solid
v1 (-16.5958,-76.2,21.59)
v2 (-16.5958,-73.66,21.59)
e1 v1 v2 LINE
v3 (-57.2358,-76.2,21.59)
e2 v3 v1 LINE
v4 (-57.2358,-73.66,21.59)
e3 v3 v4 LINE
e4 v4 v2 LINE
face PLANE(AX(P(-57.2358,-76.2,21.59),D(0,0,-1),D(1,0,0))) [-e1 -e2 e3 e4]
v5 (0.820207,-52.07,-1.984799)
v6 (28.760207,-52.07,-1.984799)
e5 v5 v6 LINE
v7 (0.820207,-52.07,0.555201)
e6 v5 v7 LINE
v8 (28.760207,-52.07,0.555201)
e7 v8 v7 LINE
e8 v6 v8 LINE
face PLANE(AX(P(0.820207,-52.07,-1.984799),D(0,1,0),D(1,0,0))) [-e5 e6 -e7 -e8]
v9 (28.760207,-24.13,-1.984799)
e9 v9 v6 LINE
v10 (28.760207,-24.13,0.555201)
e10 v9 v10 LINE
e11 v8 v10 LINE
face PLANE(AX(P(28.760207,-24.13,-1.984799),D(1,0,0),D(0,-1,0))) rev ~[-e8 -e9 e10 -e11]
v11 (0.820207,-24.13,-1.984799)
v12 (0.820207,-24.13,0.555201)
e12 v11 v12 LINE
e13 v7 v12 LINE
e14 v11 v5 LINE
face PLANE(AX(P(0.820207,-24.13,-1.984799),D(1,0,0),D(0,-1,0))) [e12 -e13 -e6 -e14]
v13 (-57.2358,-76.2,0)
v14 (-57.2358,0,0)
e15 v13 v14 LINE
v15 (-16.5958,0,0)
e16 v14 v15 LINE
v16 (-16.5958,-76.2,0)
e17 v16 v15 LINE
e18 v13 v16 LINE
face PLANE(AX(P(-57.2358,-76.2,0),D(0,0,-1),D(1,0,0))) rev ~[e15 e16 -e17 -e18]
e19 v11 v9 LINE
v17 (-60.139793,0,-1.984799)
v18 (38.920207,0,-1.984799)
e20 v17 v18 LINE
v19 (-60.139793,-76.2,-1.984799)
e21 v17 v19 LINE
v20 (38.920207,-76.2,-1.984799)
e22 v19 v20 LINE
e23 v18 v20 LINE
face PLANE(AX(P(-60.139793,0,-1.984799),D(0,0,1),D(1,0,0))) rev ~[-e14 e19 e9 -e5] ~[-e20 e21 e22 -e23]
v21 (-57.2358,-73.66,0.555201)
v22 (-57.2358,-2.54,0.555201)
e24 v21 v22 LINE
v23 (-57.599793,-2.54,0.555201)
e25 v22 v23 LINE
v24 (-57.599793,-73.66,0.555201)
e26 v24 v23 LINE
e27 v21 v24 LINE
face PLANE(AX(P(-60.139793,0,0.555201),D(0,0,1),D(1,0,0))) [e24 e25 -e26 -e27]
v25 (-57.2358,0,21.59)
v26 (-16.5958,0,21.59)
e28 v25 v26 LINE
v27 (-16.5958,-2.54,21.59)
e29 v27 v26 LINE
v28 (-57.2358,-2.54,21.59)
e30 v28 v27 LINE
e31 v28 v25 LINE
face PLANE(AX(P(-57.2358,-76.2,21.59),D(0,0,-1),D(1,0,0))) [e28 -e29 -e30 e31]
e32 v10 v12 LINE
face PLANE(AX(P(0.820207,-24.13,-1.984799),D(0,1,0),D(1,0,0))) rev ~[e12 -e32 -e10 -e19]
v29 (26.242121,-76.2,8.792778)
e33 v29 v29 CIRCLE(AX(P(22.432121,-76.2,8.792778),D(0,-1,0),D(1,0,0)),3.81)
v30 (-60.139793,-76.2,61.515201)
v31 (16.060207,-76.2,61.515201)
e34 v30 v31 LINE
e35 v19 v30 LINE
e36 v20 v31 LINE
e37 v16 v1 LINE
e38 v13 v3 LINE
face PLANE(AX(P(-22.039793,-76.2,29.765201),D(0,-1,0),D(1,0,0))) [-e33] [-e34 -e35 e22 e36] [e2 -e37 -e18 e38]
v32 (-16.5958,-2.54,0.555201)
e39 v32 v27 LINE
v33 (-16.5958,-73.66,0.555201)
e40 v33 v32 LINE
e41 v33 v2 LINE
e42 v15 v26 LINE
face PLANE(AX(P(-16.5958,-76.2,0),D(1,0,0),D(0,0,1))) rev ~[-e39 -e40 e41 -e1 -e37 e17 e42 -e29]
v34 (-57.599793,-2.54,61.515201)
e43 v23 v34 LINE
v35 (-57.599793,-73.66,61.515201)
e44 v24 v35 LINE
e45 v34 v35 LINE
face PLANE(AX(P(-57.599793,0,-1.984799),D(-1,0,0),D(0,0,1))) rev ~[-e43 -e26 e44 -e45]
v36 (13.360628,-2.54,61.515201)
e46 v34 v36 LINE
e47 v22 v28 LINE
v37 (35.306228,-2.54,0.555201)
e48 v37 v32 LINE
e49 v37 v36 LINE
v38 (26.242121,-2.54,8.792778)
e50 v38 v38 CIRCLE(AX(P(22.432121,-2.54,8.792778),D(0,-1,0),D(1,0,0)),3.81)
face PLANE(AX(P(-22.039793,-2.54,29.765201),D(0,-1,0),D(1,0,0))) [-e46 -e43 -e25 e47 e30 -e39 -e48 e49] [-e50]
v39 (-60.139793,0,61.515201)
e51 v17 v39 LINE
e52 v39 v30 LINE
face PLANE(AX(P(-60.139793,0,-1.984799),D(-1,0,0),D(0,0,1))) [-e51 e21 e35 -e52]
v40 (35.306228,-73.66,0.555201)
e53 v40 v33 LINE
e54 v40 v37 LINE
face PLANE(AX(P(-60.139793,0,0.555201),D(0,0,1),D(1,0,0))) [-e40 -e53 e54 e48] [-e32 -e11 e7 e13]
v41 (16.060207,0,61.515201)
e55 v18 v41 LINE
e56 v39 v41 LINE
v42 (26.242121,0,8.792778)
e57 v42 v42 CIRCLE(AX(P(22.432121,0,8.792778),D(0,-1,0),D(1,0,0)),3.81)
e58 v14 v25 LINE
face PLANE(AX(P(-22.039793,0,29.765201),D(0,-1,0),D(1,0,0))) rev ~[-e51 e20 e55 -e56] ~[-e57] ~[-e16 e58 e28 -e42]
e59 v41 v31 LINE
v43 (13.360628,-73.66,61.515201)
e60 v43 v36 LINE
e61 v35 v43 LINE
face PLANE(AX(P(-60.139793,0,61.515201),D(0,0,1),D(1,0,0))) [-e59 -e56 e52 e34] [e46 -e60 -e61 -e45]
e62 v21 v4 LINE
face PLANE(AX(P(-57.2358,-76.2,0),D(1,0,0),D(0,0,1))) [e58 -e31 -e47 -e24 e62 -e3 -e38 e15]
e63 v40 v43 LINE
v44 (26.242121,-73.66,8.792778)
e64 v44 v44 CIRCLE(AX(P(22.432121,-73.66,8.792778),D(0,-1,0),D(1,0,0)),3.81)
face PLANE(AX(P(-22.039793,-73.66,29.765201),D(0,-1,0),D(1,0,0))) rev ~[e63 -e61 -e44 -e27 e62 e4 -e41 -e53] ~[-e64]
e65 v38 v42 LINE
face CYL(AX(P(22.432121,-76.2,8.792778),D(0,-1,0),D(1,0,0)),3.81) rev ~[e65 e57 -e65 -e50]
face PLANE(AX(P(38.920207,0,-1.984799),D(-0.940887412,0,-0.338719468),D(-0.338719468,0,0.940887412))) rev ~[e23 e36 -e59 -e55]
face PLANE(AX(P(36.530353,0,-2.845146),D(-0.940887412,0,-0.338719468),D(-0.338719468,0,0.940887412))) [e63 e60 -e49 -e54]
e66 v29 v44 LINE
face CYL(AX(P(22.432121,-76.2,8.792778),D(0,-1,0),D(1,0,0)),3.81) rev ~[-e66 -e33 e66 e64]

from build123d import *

# Parameters (mm, degrees)
F0_W     = 76.2
F0_H     = 63.5
F1_DEPTH = 76.2
F2_T     = -2.54
F3_W     = 27.94
F3_H     = 27.94
F4_DEPTH = 16.256
F5_W     = 40.64
F5_H     = 21.59
F6_DEPTH = 100.076
F7_R     = 3.81
F8_DEPTH = 99.822


with BuildPart() as f1:
    # F0 (on Front) → F1 (new body)
    with BuildSketch(Plane.XZ):
        with Locations((-22.039793, 29.765201)):
            Rectangle(F0_W, F0_H)
        Polygon((38.920207, -1.984799), (16.060207, 61.515201), (16.060207, -1.984799), align=None)
    extrude(amount=F1_DEPTH)

    # F2
    f2_openings = [f1.faces().sort_by_distance(p)[0] for p in [
        (-22.039793, -38.1, 61.515201),
    ]]
    offset(amount=F2_T, openings=f2_openings)

    # F3 (on face) → F4 (cut)
    with BuildSketch(Plane(origin=(0, 0, -1.984799), x_dir=(1, 0, 0), z_dir=(0, 0, -1))):
        with Locations((14.790207, 38.1)):
            Rectangle(F3_W, F3_H)
    extrude(amount=-F4_DEPTH, mode=Mode.SUBTRACT)

    # F5 (on face) → F6 (cut)
    with BuildSketch(Plane.XZ.offset(76.2)):
        with Locations((-36.9158, 10.795)):
            Rectangle(F5_W, F5_H)
    extrude(amount=-F6_DEPTH, mode=Mode.SUBTRACT)

    # F7 (on face) → F8 (cut)
    with BuildSketch(Plane.XZ.offset(76.2)):
        with Locations((22.432121, 8.792778)):
            Circle(F7_R)
    extrude(amount=-F8_DEPTH, mode=Mode.SUBTRACT)


solid = f1.part
